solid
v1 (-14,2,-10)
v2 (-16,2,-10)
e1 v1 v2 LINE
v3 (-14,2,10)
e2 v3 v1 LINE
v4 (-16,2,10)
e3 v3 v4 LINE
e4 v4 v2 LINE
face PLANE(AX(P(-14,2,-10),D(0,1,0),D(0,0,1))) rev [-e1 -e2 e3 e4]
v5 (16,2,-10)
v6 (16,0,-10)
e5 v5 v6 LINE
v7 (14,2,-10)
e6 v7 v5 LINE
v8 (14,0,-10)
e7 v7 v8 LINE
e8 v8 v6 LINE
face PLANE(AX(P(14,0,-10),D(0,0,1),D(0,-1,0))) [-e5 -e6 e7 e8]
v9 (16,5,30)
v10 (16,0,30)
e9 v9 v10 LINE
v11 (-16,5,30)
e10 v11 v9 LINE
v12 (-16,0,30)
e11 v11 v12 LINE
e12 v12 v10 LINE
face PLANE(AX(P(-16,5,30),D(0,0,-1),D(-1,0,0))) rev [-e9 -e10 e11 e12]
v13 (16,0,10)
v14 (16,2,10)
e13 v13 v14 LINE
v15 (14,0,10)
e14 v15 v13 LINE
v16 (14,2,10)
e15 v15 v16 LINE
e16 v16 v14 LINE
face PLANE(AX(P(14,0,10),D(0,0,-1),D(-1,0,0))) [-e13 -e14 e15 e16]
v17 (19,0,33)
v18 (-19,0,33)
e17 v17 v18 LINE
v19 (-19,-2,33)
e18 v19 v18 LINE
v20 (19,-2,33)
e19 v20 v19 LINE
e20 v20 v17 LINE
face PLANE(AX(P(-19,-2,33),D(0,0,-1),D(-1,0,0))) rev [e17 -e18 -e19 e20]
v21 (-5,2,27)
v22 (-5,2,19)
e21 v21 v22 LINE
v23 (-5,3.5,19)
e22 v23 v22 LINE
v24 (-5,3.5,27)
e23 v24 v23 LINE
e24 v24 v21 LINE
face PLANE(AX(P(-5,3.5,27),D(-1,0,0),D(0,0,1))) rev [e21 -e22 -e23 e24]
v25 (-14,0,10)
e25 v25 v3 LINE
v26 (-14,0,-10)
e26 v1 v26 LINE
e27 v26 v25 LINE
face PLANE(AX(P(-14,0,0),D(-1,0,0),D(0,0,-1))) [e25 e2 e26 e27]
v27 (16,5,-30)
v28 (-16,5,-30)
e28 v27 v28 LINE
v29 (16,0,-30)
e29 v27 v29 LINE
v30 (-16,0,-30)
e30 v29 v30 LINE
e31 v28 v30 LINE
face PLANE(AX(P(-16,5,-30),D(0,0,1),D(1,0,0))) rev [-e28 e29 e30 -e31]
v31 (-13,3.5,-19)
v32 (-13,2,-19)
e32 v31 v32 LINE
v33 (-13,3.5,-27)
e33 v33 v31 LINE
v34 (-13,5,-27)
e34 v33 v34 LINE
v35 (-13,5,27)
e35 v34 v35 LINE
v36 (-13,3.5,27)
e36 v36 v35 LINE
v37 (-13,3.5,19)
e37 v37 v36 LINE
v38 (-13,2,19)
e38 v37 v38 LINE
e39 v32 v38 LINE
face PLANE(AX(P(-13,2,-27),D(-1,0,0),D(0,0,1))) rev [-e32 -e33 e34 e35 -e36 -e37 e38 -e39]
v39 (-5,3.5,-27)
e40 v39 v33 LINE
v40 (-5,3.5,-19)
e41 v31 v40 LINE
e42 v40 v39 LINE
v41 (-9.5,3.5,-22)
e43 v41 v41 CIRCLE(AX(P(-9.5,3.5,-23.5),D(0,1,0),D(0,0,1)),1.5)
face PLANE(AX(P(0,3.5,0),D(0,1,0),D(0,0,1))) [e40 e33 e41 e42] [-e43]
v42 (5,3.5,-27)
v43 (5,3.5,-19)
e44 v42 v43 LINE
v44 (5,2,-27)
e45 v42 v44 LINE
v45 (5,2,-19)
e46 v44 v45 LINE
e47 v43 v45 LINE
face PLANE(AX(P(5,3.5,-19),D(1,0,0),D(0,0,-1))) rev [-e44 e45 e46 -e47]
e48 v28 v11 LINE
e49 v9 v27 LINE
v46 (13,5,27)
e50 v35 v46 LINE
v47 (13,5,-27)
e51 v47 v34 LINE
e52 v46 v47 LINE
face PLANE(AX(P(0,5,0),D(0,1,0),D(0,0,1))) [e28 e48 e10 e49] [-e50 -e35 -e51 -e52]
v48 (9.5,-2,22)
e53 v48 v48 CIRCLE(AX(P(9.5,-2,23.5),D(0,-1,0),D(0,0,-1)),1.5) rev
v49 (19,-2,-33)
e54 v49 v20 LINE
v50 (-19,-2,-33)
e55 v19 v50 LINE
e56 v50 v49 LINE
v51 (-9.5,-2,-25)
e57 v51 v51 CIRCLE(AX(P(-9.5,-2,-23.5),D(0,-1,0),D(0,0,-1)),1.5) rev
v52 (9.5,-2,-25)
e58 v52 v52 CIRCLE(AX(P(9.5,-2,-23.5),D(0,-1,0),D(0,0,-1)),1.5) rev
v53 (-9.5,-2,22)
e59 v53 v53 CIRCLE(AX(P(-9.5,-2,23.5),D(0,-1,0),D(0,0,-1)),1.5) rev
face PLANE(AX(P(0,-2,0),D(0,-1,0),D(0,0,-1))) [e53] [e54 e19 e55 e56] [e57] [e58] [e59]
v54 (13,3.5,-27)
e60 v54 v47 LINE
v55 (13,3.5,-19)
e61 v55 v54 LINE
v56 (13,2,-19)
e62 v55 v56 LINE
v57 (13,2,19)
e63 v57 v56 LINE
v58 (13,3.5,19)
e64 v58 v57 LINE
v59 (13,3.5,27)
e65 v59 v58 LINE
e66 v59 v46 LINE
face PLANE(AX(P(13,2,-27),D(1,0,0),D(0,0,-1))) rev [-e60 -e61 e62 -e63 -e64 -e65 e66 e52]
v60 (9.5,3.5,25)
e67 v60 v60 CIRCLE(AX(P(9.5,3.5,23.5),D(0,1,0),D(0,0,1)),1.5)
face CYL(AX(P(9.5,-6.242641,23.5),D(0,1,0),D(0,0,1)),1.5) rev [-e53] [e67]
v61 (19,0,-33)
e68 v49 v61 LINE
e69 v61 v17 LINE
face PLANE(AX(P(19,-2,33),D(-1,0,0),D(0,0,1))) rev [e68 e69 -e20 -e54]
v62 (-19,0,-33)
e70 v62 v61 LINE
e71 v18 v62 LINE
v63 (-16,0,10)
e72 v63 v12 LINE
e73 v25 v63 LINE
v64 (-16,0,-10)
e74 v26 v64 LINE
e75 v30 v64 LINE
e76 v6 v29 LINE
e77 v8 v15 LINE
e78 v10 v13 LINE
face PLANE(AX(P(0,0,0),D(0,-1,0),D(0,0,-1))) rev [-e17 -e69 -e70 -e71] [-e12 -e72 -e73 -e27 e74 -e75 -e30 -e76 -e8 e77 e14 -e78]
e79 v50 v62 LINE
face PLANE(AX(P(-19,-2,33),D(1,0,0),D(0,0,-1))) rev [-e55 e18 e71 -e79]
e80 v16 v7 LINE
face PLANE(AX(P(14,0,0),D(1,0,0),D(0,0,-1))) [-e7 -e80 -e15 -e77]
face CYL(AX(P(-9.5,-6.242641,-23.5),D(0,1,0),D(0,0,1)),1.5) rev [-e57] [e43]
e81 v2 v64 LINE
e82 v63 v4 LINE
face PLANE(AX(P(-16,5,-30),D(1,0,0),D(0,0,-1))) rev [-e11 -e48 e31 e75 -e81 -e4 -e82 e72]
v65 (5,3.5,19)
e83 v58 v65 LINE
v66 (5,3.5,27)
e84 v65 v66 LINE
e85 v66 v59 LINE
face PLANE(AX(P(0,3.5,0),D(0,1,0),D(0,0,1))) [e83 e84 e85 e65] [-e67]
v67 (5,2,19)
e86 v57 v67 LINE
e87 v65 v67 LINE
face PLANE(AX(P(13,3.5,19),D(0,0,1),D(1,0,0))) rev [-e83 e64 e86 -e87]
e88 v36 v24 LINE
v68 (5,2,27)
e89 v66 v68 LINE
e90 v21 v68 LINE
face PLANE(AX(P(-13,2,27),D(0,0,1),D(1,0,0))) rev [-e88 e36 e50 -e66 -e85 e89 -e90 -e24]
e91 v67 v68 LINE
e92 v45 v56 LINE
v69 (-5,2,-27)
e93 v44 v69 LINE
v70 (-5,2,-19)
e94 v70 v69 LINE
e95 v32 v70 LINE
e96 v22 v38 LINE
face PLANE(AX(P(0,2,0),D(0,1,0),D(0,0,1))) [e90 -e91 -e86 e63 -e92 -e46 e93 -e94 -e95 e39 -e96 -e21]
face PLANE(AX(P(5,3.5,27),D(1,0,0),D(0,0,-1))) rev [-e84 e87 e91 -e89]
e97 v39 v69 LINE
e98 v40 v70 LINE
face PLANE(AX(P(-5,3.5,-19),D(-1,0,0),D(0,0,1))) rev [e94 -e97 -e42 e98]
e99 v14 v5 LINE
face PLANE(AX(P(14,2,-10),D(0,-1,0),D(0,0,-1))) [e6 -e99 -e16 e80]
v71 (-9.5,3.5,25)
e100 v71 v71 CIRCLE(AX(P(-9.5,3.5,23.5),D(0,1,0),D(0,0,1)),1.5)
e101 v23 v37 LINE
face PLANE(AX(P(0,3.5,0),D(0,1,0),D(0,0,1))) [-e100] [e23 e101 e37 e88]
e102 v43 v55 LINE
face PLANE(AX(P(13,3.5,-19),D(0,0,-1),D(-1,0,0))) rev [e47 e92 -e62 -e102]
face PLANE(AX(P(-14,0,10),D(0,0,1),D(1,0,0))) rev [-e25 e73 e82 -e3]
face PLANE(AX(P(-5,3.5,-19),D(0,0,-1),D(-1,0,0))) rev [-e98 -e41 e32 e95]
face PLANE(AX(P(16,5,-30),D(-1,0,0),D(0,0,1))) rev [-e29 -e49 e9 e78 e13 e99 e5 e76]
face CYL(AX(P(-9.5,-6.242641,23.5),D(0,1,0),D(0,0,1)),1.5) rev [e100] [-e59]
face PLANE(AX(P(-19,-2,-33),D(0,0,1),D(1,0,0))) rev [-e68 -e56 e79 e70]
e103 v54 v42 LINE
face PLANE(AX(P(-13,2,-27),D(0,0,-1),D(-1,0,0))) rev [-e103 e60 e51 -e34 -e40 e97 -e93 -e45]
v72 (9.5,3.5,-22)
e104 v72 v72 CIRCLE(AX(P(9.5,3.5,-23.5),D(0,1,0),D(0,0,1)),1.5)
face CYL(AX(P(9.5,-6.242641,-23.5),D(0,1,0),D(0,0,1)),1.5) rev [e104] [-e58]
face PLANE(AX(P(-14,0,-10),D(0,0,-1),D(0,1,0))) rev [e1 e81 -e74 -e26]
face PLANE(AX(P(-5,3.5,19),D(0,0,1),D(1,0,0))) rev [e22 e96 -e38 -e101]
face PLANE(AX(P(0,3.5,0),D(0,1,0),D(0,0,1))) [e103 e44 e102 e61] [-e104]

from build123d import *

# Parameters (mm, degrees)
SKETCH1_W           = 32
SKETCH1_H           = 60
BOSS_EXTRUDE1_DEPTH = 5
SKETCH2_W           = 26
SKETCH2_H           = 54
CUT_EXTRUDE1_DEPTH  = 3
SKETCH6_W           = 20
SKETCH6_H           = 2
CUT_EXTRUDE4_DEPTH  = 2
SKETCH7_W           = 38
SKETCH7_H           = 66
BOSS_EXTRUDE3_DEPTH = 2
SKETCH4_W           = 8
SKETCH4_H           = 8
BOSS_EXTRUDE2_DEPTH = 1.5
SKETCH3_R           = 1.5
CUT_EXTRUDE2_DEPTH  = 5.5


with BuildPart() as part:
    # Sketch1 → Boss-Extrude1 (new body)
    with BuildSketch(Plane(origin=(0, 0, 0), x_dir=(1, 0, 0), z_dir=(0, 1, 0))):
        Rectangle(SKETCH1_W, SKETCH1_H)
    extrude(amount=BOSS_EXTRUDE1_DEPTH)

    # Sketch2 → Cut-Extrude1 (cut)
    with BuildSketch(Plane(origin=(0, 5, 0), x_dir=(1, 0, 0), z_dir=(0, 1, 0))):
        Rectangle(SKETCH2_W, SKETCH2_H)
    extrude(amount=-CUT_EXTRUDE1_DEPTH, mode=Mode.SUBTRACT)

    # Sketch6 → Cut-Extrude4 (cut)
    with BuildSketch(Plane(origin=(16, 0, -14), x_dir=(0, 0, 1), z_dir=(-1, 0, 0))):
        with Locations((14, 1)):
            Rectangle(SKETCH6_W, SKETCH6_H)
    cut_extrude4 = extrude(amount=CUT_EXTRUDE4_DEPTH, mode=Mode.SUBTRACT)

    # Sketch7 → Boss-Extrude3 (add)
    with BuildSketch(Plane.XZ):
        Rectangle(SKETCH7_W, SKETCH7_H)
    extrude(amount=BOSS_EXTRUDE3_DEPTH)

    # Sketch4 → Boss-Extrude2 (add)
    with BuildSketch(Plane(origin=(0, 2, 0), x_dir=(1, 0, 0), z_dir=(0, 1, 0))):
        with Locations((9, 23)):
            Rectangle(SKETCH4_W, SKETCH4_H)
        with Locations((-9, 23)):
            Rectangle(SKETCH4_W, SKETCH4_H)
        with Locations((9, -23)):
            Rectangle(SKETCH4_W, SKETCH4_H)
        with Locations((-9, -23)):
            Rectangle(SKETCH4_W, SKETCH4_H)
    extrude(amount=BOSS_EXTRUDE2_DEPTH)

    # Sketch3 → Cut-Extrude2 (cut)
    with BuildSketch(Plane(origin=(0, 3.5, 0), x_dir=(1, 0, 0), z_dir=(0, 1, 0))):
        with Locations(Location((-9.5, 23.5, 0), (0, 0, 270))):
            Circle(SKETCH3_R)
        with Locations(Location((9.5, 23.5, 0), (0, 0, 270))):
            Circle(SKETCH3_R)
        with Locations(Location((9.5, -23.5, 0), (0, 0, 270))):
            Circle(SKETCH3_R)
        with Locations(Location((-9.5, -23.5, 0), (0, 0, 270))):
            Circle(SKETCH3_R)
    extrude(amount=-CUT_EXTRUDE2_DEPTH, mode=Mode.SUBTRACT)

    # Mirror1: Cut-Extrude4 across plane
    add(cut_extrude4.mirror(Plane(origin=(0, 0, 0), x_dir=(0, 0, 1), z_dir=(1, 0, 0))), mode=Mode.SUBTRACT)


solid = part.part
